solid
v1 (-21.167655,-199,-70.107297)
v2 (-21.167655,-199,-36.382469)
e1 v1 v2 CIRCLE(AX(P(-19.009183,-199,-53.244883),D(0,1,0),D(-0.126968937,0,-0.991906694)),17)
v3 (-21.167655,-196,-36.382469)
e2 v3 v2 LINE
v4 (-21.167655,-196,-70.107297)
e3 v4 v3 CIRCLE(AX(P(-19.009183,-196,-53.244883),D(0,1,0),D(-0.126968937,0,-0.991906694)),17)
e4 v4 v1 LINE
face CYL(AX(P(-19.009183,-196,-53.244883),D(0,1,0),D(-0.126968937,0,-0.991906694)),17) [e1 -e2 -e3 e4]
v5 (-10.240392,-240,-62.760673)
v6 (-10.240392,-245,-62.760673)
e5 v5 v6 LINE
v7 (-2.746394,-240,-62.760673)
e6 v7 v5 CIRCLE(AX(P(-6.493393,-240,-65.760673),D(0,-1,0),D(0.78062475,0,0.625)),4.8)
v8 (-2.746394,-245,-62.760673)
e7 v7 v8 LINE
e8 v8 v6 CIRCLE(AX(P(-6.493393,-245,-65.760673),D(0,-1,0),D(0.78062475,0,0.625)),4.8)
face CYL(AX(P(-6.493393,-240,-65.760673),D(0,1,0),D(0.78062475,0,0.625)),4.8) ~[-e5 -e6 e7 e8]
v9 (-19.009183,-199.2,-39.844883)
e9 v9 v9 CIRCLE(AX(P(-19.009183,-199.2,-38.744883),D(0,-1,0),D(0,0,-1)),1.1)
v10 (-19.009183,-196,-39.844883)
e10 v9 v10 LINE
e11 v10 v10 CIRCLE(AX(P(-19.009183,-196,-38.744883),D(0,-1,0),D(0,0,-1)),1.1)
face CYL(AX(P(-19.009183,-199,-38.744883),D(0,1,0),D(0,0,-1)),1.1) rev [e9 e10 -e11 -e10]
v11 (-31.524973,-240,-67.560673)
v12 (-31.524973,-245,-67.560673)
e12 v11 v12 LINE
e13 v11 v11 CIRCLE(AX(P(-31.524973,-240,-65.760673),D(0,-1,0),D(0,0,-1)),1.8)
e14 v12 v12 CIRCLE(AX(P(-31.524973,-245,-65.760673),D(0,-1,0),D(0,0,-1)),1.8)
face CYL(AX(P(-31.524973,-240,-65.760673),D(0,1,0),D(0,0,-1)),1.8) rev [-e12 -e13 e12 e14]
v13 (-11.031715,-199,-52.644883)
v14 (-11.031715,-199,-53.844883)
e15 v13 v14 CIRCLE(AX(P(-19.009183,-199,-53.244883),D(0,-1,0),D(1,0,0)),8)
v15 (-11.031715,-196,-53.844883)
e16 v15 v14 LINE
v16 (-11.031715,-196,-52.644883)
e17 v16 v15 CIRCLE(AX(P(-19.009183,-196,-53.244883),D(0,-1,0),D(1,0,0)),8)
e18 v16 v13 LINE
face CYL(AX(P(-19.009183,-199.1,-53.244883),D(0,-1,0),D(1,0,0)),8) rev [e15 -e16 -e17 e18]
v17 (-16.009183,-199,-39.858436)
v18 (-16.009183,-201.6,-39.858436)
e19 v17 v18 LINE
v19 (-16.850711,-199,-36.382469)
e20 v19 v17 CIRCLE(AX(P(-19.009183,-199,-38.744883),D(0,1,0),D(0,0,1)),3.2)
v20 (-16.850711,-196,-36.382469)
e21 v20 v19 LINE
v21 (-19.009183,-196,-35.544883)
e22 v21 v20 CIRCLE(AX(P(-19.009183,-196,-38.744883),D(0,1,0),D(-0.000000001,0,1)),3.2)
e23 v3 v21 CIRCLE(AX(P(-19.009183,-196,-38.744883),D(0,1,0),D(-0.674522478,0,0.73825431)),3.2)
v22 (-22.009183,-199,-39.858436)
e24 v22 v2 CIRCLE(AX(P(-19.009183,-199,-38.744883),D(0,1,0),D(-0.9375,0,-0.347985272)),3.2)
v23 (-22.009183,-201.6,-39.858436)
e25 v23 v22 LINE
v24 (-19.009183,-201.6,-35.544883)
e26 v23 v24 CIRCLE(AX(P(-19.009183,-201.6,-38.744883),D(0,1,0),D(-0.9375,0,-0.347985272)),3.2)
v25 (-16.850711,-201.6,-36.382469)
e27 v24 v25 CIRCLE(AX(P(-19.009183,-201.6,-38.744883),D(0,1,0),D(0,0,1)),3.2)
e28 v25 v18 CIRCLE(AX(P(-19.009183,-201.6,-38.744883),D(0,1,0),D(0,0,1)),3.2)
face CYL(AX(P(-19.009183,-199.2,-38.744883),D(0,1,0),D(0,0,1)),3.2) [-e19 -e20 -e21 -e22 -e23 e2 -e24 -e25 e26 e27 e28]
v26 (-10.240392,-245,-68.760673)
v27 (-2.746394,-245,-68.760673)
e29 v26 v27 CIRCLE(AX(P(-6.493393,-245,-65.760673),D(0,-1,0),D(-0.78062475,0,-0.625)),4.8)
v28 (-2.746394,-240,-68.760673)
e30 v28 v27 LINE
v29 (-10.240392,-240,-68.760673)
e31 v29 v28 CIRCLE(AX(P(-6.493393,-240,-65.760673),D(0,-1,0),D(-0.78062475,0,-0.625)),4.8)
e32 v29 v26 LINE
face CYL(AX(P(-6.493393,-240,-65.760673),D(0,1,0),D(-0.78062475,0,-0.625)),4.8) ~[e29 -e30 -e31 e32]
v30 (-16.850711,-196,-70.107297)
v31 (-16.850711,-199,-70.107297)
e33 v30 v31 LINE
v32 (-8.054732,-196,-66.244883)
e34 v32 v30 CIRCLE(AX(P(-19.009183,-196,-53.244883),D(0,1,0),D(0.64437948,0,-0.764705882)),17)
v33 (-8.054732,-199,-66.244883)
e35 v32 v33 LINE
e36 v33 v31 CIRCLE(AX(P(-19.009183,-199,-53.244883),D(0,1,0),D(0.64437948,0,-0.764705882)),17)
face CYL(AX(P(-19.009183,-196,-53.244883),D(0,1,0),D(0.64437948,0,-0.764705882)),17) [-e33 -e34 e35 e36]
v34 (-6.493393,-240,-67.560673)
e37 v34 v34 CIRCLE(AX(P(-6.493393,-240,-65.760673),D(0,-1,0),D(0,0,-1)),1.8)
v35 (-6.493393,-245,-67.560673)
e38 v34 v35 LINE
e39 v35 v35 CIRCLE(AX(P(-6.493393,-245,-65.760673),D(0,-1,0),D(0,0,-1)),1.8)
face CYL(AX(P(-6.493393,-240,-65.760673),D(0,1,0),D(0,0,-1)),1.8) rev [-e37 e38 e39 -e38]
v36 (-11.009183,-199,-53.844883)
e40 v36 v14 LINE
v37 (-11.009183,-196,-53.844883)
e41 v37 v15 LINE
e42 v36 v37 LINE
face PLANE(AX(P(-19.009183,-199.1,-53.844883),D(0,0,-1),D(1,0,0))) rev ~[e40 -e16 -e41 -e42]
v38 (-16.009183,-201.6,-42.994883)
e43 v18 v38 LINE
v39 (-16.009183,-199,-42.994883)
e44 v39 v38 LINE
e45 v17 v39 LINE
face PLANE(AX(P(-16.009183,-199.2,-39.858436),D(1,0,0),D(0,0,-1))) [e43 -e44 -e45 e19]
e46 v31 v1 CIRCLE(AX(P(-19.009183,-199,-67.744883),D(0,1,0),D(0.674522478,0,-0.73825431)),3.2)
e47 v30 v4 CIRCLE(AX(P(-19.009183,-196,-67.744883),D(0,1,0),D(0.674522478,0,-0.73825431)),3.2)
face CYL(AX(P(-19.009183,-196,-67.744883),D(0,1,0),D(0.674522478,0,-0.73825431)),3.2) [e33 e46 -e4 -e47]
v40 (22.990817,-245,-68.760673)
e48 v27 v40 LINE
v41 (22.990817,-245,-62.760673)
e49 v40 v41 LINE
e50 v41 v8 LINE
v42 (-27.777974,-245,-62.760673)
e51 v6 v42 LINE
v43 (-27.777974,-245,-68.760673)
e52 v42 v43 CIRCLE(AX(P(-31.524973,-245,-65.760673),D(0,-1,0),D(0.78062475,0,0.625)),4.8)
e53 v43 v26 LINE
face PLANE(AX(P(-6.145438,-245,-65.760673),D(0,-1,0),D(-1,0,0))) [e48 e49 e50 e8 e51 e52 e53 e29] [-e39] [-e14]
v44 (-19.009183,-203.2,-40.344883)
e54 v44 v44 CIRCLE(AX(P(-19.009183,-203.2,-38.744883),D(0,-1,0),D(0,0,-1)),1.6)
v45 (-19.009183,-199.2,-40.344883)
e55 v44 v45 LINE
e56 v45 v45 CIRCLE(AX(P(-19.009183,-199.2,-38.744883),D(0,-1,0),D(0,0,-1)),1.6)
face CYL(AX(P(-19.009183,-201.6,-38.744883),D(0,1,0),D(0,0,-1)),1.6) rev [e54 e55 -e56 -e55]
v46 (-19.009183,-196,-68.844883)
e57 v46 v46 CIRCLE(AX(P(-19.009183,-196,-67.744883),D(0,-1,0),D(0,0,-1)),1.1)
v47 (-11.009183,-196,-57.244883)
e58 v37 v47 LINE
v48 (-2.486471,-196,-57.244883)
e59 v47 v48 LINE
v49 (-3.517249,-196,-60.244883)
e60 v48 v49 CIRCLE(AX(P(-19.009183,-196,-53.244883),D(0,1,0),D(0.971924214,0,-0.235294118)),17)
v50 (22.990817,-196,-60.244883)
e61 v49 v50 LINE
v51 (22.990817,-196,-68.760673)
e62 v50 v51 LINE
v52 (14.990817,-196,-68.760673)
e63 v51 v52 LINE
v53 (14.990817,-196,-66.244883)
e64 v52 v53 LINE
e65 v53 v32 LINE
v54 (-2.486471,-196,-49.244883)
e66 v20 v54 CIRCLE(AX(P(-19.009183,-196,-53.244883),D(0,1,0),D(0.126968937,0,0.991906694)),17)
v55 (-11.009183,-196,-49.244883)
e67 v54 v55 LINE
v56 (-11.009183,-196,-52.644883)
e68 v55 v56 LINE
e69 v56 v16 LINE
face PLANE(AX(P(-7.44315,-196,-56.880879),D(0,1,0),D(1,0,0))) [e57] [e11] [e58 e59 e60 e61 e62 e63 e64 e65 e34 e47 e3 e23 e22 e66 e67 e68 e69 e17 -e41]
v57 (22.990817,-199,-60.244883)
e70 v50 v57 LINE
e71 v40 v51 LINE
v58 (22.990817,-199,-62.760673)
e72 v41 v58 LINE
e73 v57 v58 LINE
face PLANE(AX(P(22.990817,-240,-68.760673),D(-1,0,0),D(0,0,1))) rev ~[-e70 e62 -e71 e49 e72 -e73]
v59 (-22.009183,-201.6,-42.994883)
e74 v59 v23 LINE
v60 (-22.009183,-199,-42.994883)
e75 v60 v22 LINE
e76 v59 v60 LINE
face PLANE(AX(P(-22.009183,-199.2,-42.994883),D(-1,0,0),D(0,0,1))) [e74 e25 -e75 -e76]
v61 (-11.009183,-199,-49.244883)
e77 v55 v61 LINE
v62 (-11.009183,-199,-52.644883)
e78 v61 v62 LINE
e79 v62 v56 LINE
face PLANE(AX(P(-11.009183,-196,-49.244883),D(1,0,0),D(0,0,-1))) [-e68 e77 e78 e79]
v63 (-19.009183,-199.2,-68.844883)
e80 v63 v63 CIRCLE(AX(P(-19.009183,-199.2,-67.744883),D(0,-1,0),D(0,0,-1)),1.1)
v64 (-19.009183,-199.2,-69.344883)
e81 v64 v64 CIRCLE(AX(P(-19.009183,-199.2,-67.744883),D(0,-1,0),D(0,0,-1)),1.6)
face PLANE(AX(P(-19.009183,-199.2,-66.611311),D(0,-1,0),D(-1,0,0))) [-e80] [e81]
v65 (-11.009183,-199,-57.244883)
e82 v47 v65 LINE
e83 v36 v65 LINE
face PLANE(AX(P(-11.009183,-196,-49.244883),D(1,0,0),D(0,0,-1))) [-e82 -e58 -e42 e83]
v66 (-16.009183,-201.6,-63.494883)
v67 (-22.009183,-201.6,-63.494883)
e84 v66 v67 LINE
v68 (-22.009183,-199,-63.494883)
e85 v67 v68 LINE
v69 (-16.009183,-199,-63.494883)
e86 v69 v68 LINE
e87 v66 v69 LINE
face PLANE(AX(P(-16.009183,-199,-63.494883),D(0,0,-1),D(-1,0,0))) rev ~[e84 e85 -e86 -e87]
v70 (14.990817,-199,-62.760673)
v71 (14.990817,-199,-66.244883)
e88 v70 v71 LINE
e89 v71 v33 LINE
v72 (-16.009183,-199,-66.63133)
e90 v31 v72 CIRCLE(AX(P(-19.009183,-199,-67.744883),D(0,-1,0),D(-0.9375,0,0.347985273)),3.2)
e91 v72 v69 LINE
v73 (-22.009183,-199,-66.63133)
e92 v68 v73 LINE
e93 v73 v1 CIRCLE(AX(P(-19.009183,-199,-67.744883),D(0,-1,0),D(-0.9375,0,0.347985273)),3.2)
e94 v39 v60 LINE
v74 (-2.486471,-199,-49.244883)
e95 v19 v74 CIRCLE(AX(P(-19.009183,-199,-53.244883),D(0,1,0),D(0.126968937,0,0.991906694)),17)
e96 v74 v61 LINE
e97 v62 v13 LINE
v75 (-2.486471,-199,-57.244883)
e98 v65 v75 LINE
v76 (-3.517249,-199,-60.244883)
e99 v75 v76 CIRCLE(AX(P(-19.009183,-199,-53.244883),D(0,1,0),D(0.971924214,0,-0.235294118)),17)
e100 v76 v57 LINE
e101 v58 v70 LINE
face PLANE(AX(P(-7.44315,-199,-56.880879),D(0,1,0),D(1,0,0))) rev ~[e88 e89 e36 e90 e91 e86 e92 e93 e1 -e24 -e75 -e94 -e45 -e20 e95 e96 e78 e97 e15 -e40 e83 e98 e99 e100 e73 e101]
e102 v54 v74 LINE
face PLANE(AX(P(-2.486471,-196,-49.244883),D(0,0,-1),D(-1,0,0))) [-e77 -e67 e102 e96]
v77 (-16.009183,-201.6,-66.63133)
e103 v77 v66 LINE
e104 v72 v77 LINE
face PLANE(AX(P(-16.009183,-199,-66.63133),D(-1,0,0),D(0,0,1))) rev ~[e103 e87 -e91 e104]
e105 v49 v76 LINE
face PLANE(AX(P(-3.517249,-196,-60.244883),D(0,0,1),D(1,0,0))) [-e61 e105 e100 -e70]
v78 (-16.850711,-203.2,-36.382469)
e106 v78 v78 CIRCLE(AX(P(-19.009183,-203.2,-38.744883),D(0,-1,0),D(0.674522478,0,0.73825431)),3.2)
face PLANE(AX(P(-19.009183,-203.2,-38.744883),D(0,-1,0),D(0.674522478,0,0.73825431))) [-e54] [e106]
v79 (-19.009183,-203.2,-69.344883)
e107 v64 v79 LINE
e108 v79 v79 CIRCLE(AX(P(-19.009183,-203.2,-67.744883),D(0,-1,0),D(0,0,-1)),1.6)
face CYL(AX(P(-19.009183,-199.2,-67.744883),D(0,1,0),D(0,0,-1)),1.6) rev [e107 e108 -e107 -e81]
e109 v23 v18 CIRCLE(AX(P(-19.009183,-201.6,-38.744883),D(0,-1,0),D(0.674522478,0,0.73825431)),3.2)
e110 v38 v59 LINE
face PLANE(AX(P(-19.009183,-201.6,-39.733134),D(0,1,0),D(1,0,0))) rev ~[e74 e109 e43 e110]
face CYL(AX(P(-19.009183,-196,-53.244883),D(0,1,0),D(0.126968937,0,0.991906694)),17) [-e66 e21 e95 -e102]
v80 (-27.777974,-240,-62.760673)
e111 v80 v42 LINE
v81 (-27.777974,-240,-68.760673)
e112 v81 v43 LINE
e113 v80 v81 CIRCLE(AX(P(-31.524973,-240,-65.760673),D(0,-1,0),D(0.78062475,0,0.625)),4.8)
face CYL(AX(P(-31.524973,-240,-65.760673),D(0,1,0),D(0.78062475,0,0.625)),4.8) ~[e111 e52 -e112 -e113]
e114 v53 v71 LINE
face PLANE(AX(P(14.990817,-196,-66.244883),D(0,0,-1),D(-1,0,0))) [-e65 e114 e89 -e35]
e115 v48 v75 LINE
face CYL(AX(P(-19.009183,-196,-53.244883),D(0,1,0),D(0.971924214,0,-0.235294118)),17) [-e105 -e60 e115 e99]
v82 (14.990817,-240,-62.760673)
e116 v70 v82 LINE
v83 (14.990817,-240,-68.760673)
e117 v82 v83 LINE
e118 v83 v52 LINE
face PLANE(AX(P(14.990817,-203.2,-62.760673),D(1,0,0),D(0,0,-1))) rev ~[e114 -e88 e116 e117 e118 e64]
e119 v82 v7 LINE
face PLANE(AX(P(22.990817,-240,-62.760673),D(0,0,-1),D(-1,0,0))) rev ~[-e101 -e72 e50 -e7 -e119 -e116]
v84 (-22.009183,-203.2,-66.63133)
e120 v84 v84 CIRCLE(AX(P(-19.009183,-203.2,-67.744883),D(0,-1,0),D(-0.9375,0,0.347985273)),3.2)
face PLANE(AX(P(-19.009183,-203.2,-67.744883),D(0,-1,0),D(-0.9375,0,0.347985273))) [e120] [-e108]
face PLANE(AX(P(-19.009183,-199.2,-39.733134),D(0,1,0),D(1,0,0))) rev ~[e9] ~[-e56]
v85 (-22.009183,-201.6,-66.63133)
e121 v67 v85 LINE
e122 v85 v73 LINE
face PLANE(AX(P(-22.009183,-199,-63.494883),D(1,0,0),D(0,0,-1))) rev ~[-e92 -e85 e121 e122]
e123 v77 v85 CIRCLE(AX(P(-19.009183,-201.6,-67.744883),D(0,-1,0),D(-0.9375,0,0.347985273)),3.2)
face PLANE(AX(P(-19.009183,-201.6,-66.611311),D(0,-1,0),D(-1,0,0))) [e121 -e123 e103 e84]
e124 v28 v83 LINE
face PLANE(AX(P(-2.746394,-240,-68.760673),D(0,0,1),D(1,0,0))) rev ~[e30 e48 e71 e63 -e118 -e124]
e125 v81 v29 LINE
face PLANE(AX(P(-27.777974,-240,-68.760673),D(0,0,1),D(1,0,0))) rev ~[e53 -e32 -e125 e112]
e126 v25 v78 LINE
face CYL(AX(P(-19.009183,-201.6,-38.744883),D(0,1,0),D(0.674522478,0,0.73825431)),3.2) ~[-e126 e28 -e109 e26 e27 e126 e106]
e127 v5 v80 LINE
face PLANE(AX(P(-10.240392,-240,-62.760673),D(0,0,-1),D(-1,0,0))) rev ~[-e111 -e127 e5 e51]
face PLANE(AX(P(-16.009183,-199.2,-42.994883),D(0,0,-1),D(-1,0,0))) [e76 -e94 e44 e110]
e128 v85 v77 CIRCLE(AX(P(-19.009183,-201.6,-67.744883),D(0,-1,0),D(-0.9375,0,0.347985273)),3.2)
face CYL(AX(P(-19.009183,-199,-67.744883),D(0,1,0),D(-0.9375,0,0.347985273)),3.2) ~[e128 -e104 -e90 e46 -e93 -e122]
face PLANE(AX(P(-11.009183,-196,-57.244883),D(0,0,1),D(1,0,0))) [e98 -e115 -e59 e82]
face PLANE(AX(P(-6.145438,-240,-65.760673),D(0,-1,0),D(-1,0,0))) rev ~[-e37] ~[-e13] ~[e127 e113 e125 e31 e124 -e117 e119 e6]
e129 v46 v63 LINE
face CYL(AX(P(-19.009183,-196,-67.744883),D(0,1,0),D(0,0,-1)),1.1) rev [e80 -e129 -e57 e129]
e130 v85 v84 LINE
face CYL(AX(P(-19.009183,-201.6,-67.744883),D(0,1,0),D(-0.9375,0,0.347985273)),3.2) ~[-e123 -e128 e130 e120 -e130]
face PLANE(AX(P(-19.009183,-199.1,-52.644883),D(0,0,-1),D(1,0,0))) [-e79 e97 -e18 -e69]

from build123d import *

# Parameters (mm, degrees)
MAIN_PROFILE_SKETCH_R            = 1.1
MAIN_EXTRUSION_DEPTH             = 3
DETAIL_PROFILE_2_SKETCH_R        = 1.1
DETAIL_PROFILE_2_SKETCH_W        = 8
DETAIL_PROFILE_2_SKETCH_H        = 6
DETAIL_EXTRUSION_2_DEPTH         = 0.2
DETAIL_PROFILE_3_SKETCH_R        = 1.6
DETAIL_PROFILE_3_SKETCH_W        = 8
DETAIL_PROFILE_3_SKETCH_H        = 6
DETAIL_EXTRUSION_3_DEPTH         = 2.4
DETAIL_PROFILE_4_SKETCH_R        = 3.2
DETAIL_PROFILE_4_SKETCH_R_2      = 1.6
DETAIL_PROFILE_4_SKETCH_W        = 8
DETAIL_PROFILE_4_SKETCH_H        = 6
DETAIL_EXTRUSION_4_DEPTH         = 1.6
DETAIL_PROFILE_5_SKETCH_W        = 8
DETAIL_PROFILE_5_SKETCH_H        = 6
DETAIL_EXTRUSION_5_DEPTH         = 36.8
DETAIL_PROFILE_6_SKETCH_R        = 1.8
DETAIL_EXTRUSION_6_DEPTH         = 5
CENTRE_BORE_RELIEF_SLOT_SKETCH_W = 9
CENTRE_BORE_RELIEF_SLOT_SKETCH_H = 1.2
CENTRE_BORE_RELIEF_SLOT_DEPTH    = 3.2
ENCODER_CENTRE_OPENING_PROFILE_R = 8
ENCODER_CENTRE_OPENING_DEPTH     = 3.2


with BuildPart() as part:
    # Main Profile Sketch → Main Extrusion (new body)
    with BuildSketch(Plane(origin=(0, -196, 0), x_dir=(-1, 0, 0), z_dir=(0, -1, 0))):
        with BuildLine():
            Line((-14.990817117, 66.244882879), (8.054731733, 66.244882879))
            ThreePointArc((8.054731733, 66.244882879), (12.174217777, 68.810333467), (16.850710954, 70.107296672))
            ThreePointArc((16.850710954, 70.107296672), (19.009182883, 70.944882879), (21.167654813, 70.107296672))
            ThreePointArc((21.167654813, 70.107296672), (36.009182883, 53.244882879), (21.167654813, 36.382469086))
            ThreePointArc((21.167654813, 36.382469086), (20.166826149, 35.761619218), (19.009182883, 35.544882879))
            ThreePointArc((19.009182883, 35.544882879), (17.851539617, 35.761619218), (16.850710954, 36.382469086))
            ThreePointArc((16.850710954, 36.382469086), (7.668676852, 40.580250119), (2.486471241, 49.244882879))
            Line((2.486471241, 49.244882879), (11.009182883, 49.244882879))
            Line((11.009182883, 49.244882879), (11.009182883, 53.244882879))
            Line((11.009182883, 53.244882879), (11.009182883, 57.244882879))
            Line((11.009182883, 57.244882879), (2.486471241, 57.244882879))
            ThreePointArc((2.486471241, 57.244882879), (2.931733644, 58.768977914), (3.517249498, 60.244882879))
            Line((3.517249498, 60.244882879), (-22.990817117, 60.244882879))
            Line((-22.990817117, 60.244882879), (-22.990817117, 68.760672906))
            Line((-22.990817117, 68.760672906), (-14.990817117, 68.760672906))
            Line((-14.990817117, 68.760672906), (-14.990817117, 66.244882879))
        make_face()
        with Locations(Location((19.009182883, 67.744882879, 0), (0, 0, 90))):
            Circle(MAIN_PROFILE_SKETCH_R, mode=Mode.SUBTRACT)
        with Locations(Location((19.009182883, 38.744882879, 0), (0, 0, 90))):
            Circle(MAIN_PROFILE_SKETCH_R, mode=Mode.SUBTRACT)
    extrude(amount=MAIN_EXTRUSION_DEPTH)

    # Detail Profile 2 Sketch → Detail Extrusion 2 (add)
    # profile 1 of 3: a face of its own
    with BuildSketch(Plane(origin=(0, -199, 0), x_dir=(-1, 0, 0), z_dir=(0, -1, 0))):
        with BuildLine():
            Line((16.009182883, 42.994882879), (22.009182883, 42.994882879))
            Line((22.009182883, 42.994882879), (22.009182883, 39.858435751))
            ThreePointArc((22.009182883, 39.858435751), (21.636288628, 36.917777134), (19.009182883, 35.544882879))
            ThreePointArc((19.009182883, 35.544882879), (16.382077138, 36.917777134), (16.009182883, 39.858435751))
            Line((16.009182883, 39.858435751), (16.009182883, 42.994882879))
        make_face()
        with Locations(Location((19.009182883, 38.744882879, 0), (0, 0, 90))):
            Circle(DETAIL_PROFILE_2_SKETCH_R, mode=Mode.SUBTRACT)
    # profile 2 of 3: a face of its own
    with BuildSketch(Plane(origin=(0, -199, 0), x_dir=(-1, 0, 0), z_dir=(0, -1, 0))):
        with Locations((-18.990817117, 65.760672906)):
            Rectangle(DETAIL_PROFILE_2_SKETCH_W, DETAIL_PROFILE_2_SKETCH_H)
    # profile 3 of 3: a face of its own
    with BuildSketch(Plane(origin=(0, -199, 0), x_dir=(-1, 0, 0), z_dir=(0, -1, 0))):
        with BuildLine():
            Line((16.009182883, 66.631330006), (16.009182883, 63.494882879))
            Line((16.009182883, 63.494882879), (22.009182883, 63.494882879))
            Line((22.009182883, 63.494882879), (22.009182883, 66.631330006))
            ThreePointArc((22.009182883, 66.631330006), (19.009182883, 70.944882879), (16.009182883, 66.631330006))
        make_face()
        with Locations(Location((19.009182883, 67.744882879, 0), (0, 0, 90))):
            Circle(DETAIL_PROFILE_2_SKETCH_R, mode=Mode.SUBTRACT)
    extrude(amount=DETAIL_EXTRUSION_2_DEPTH)

    # Detail Profile 3 Sketch → Detail Extrusion 3 (add)
    # profile 1 of 3: a face of its own
    with BuildSketch(Plane(origin=(0, -199.2, 0), x_dir=(-1, 0, 0), z_dir=(0, -1, 0))):
        with BuildLine():
            Line((16.009182883, 42.994882879), (22.009182883, 42.994882879))
            Line((22.009182883, 42.994882879), (22.009182883, 39.858435751))
            ThreePointArc((22.009182883, 39.858435751), (21.636288628, 36.917777134), (19.009182883, 35.544882879))
            ThreePointArc((19.009182883, 35.544882879), (16.382077138, 36.917777134), (16.009182883, 39.858435751))
            Line((16.009182883, 39.858435751), (16.009182883, 42.994882879))
        make_face()
        with Locations(Location((19.009182883, 38.744882879, 0), (0, 0, 90))):
            Circle(DETAIL_PROFILE_3_SKETCH_R, mode=Mode.SUBTRACT)
    # profile 2 of 3: a face of its own
    with BuildSketch(Plane(origin=(0, -199.2, 0), x_dir=(-1, 0, 0), z_dir=(0, -1, 0))):
        with Locations((-18.990817117, 65.760672906)):
            Rectangle(DETAIL_PROFILE_3_SKETCH_W, DETAIL_PROFILE_3_SKETCH_H)
    # profile 3 of 3: a face of its own
    with BuildSketch(Plane(origin=(0, -199.2, 0), x_dir=(-1, 0, 0), z_dir=(0, -1, 0))):
        with BuildLine():
            Line((16.009182883, 66.631330006), (16.009182883, 63.494882879))
            Line((16.009182883, 63.494882879), (22.009182883, 63.494882879))
            Line((22.009182883, 63.494882879), (22.009182883, 66.631330006))
            ThreePointArc((22.009182883, 66.631330006), (19.009182883, 70.944882879), (16.009182883, 66.631330006))
        make_face()
        with Locations(Location((19.009182883, 67.744882879, 0), (0, 0, 90))):
            Circle(DETAIL_PROFILE_3_SKETCH_R, mode=Mode.SUBTRACT)
    extrude(amount=DETAIL_EXTRUSION_3_DEPTH)

    # Detail Profile 4 Sketch → Detail Extrusion 4 (add)
    # profile 1 of 3: a face of its own
    with BuildSketch(Plane(origin=(0, -201.6, 0), x_dir=(-1, 0, 0), z_dir=(0, -1, 0))):
        with Locations(Location((19.009182883, 38.744882879, 0), (0, 0, 227.582921153))):
            Circle(DETAIL_PROFILE_4_SKETCH_R)
        with Locations(Location((19.009182883, 38.744882879, 0), (0, 0, 90))):
            Circle(DETAIL_PROFILE_4_SKETCH_R_2, mode=Mode.SUBTRACT)
    # profile 2 of 3: a face of its own
    with BuildSketch(Plane(origin=(0, -201.6, 0), x_dir=(-1, 0, 0), z_dir=(0, -1, 0))):
        with Locations(Location((19.009182883, 67.744882879, 0), (0, 0, 339.635865194))):
            Circle(DETAIL_PROFILE_4_SKETCH_R)
        with Locations(Location((19.009182883, 67.744882879, 0), (0, 0, 90))):
            Circle(DETAIL_PROFILE_4_SKETCH_R_2, mode=Mode.SUBTRACT)
    # profile 3 of 3: a face of its own
    with BuildSketch(Plane(origin=(0, -201.6, 0), x_dir=(-1, 0, 0), z_dir=(0, -1, 0))):
        with Locations((-18.990817117, 65.760672906)):
            Rectangle(DETAIL_PROFILE_4_SKETCH_W, DETAIL_PROFILE_4_SKETCH_H)
    extrude(amount=DETAIL_EXTRUSION_4_DEPTH)

    # Detail Profile 5 Sketch → Detail Extrusion 5 (add)
    with BuildSketch(Plane(origin=(0, -203.2, 0), x_dir=(-1, 0, 0), z_dir=(0, -1, 0))):
        with Locations((-18.990817117, 65.760672906)):
            Rectangle(DETAIL_PROFILE_5_SKETCH_W, DETAIL_PROFILE_5_SKETCH_H)
    extrude(amount=DETAIL_EXTRUSION_5_DEPTH)

    # Detail Profile 6 Sketch → Detail Extrusion 6 (add)
    with BuildSketch(Plane(origin=(0, -240, 0), x_dir=(-1, 0, 0), z_dir=(0, -1, 0))):
        with BuildLine():
            Line((-22.990817117, 62.760672906), (2.746394057, 62.760672906))
            ThreePointArc((2.746394057, 62.760672906), (6.493392856, 60.960672906), (10.240391655, 62.760672906))
            Line((10.240391655, 62.760672906), (27.777974111, 62.760672906))
            ThreePointArc((27.777974111, 62.760672906), (36.32497291, 65.760672906), (27.777974111, 68.760672906))
            Line((27.777974111, 68.760672906), (10.240391655, 68.760672906))
            ThreePointArc((10.240391655, 68.760672906), (6.493392856, 70.560672906), (2.746394057, 68.760672906))
            Line((2.746394057, 68.760672906), (-22.990817117, 68.760672906))
            Line((-22.990817117, 68.760672906), (-22.990817117, 62.760672906))
        make_face()
        with Locations(Location((31.52497291, 65.760672906, 0), (0, 0, 90))):
            Circle(DETAIL_PROFILE_6_SKETCH_R, mode=Mode.SUBTRACT)
        with Locations(Location((6.493392856, 65.760672906, 0), (0, 0, 90))):
            Circle(DETAIL_PROFILE_6_SKETCH_R, mode=Mode.SUBTRACT)
    extrude(amount=DETAIL_EXTRUSION_6_DEPTH)

    # Centre Bore Relief Slot Sketch → Centre Bore Relief Slot (cut)
    with BuildSketch(Plane(origin=(0, -199.1, 0), x_dir=(1, 0, 0), z_dir=(0, 1, 0))):
        with Locations((-14.509182883, 53.244882879)):
            Rectangle(CENTRE_BORE_RELIEF_SLOT_SKETCH_W, CENTRE_BORE_RELIEF_SLOT_SKETCH_H)
    extrude(amount=CENTRE_BORE_RELIEF_SLOT_DEPTH, mode=Mode.SUBTRACT)

    # Encoder Centre Opening profile → Encoder Centre Opening (cut)
    with BuildSketch(Plane(origin=(0, -199.1, 0), x_dir=(1, 0, 0), z_dir=(0, 1, 0))):
        with Locations((-19.009182883, 53.244882879)):
            Circle(ENCODER_CENTRE_OPENING_PROFILE_R)
    extrude(amount=ENCODER_CENTRE_OPENING_DEPTH, mode=Mode.SUBTRACT)


solid = part.part
